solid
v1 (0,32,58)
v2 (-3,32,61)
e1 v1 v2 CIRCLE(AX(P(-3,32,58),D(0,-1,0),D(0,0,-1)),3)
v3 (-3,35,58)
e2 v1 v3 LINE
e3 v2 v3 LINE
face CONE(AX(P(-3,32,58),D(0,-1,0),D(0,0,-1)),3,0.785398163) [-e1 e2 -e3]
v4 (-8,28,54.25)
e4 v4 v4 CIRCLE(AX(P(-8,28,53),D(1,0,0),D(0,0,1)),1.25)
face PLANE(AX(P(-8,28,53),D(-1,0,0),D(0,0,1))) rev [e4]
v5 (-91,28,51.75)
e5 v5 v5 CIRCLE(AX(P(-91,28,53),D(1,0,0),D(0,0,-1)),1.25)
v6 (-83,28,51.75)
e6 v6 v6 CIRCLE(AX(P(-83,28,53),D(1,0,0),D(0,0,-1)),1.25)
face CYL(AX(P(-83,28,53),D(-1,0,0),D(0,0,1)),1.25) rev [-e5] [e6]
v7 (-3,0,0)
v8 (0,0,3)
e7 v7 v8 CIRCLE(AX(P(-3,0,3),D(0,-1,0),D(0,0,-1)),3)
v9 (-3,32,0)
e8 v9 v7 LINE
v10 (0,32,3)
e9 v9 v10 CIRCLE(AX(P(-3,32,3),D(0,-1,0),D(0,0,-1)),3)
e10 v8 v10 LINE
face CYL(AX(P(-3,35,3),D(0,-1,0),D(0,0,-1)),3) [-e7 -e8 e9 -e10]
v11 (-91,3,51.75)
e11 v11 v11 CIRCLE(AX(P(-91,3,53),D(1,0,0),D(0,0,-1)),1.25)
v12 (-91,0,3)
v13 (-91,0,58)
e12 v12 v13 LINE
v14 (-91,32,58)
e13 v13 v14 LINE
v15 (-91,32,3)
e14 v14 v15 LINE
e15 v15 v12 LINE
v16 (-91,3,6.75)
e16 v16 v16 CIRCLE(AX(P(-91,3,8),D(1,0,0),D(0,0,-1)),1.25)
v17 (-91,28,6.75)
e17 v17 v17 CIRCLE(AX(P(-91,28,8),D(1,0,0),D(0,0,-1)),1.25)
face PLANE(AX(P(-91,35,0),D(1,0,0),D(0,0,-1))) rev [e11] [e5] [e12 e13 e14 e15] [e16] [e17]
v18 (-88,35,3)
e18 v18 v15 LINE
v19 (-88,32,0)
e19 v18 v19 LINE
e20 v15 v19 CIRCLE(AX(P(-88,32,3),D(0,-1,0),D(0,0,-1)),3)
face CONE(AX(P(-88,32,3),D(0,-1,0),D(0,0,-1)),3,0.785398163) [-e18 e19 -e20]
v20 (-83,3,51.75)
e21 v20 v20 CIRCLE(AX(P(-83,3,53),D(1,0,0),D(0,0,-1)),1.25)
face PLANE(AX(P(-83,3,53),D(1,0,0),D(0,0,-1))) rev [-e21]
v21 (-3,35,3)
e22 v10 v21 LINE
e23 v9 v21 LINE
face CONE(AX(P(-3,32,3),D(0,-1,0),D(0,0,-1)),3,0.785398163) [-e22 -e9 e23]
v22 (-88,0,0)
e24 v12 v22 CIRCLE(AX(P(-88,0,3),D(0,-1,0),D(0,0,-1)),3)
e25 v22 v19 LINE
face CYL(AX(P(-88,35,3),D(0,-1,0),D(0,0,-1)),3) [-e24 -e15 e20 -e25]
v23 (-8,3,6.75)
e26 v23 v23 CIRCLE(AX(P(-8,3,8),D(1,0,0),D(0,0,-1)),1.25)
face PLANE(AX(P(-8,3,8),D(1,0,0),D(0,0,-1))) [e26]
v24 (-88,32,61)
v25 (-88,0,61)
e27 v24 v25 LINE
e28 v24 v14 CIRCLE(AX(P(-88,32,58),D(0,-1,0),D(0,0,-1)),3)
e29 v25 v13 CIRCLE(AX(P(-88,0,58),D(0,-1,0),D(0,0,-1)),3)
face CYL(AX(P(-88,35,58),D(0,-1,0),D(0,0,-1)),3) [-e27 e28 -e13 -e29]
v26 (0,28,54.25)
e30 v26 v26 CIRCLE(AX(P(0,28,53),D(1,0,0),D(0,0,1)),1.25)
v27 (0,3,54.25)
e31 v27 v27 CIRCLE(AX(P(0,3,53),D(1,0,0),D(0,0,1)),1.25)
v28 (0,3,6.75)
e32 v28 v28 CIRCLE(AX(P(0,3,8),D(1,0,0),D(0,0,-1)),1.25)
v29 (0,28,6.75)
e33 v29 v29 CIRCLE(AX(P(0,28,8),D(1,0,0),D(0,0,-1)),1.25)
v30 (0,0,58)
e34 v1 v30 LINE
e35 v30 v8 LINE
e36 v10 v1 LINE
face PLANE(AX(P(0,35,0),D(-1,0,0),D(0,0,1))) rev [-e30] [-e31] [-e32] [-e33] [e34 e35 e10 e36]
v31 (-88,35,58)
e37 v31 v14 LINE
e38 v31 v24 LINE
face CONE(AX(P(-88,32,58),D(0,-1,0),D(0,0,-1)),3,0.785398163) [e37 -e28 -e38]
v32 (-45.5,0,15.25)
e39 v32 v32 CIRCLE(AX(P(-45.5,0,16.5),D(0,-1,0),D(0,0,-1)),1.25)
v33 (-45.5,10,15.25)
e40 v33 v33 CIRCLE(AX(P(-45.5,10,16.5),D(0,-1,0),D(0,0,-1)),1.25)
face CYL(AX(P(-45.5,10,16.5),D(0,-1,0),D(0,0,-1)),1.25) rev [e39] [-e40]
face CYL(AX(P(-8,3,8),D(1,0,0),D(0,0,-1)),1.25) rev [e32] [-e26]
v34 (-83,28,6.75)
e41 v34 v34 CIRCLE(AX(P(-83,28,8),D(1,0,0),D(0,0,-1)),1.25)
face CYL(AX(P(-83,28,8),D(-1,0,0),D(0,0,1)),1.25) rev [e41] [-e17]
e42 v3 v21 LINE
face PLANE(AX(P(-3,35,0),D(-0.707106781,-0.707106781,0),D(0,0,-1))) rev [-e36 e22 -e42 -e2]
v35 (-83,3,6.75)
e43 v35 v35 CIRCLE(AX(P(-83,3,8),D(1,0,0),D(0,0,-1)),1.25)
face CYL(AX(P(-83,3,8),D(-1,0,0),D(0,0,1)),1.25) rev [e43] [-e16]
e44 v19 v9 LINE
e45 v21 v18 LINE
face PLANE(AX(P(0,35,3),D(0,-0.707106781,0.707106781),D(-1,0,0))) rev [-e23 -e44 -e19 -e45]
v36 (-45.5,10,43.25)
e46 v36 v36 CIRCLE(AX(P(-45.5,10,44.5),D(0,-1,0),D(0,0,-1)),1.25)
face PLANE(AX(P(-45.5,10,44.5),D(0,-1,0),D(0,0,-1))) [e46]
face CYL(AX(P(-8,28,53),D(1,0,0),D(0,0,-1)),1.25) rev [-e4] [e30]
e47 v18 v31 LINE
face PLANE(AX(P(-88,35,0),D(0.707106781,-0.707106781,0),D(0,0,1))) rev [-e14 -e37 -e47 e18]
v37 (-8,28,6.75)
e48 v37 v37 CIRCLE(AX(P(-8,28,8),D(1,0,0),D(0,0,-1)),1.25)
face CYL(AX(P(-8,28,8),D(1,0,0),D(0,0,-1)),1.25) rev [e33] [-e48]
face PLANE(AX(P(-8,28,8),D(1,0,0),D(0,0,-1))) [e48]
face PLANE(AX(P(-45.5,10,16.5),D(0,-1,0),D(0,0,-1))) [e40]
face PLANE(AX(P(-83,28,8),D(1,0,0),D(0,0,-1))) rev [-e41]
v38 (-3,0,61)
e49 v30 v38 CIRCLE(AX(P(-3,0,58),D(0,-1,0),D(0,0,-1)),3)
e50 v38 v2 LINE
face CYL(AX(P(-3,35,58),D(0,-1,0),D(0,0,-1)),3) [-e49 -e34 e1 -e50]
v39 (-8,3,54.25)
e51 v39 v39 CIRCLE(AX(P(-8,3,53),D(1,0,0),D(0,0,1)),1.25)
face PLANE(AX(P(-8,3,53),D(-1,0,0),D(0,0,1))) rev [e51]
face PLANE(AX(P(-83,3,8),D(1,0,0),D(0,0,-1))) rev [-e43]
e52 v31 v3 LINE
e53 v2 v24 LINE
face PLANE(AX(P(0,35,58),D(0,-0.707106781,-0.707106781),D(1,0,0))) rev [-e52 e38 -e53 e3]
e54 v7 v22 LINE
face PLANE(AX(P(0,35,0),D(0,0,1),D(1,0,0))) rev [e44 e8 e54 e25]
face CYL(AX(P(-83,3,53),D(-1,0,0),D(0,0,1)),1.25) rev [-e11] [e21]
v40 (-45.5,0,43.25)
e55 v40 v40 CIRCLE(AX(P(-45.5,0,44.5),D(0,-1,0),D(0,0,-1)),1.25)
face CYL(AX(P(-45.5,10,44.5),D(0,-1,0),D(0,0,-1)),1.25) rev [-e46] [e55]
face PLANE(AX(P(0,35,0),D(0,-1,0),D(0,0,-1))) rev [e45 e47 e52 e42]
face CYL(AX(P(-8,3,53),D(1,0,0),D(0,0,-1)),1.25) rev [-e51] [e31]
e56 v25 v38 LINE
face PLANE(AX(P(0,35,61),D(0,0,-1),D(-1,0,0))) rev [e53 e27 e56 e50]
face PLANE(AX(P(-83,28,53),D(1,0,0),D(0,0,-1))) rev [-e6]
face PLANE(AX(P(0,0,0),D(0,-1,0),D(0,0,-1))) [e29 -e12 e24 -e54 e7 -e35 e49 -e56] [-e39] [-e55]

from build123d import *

# Parameters (mm, degrees)
SKETCH1_W           = 91
SKETCH1_H           = 61
BOSS_EXTRUDE1_DEPTH = 35
SKETCH2_R           = 1.25
CUT_EXTRUDE1_DEPTH  = 8
CUT_EXTRUDE2_START  = -83
SKETCH2_2_R         = 1.25
CUT_EXTRUDE2_DEPTH  = 8
FILLET2_R           = 3
CHAMFER1_SIZE       = 3
SKETCH3_R           = 1.25
CUT_EXTRUDE3_DEPTH  = 10


with BuildPart() as part:
    # Sketch1 → Boss-Extrude1 (new body)
    with BuildSketch(Plane(origin=(0, 0, 0), x_dir=(1, 0, 0), z_dir=(0, 1, 0))):
        with Locations((-45.5, -30.5)):
            Rectangle(SKETCH1_W, SKETCH1_H)
    extrude(amount=BOSS_EXTRUDE1_DEPTH)

    # Sketch2 → Cut-Extrude1 (cut)
    with BuildSketch(Plane(origin=(0, 0, 0), x_dir=(0, 0, -1), z_dir=(1, 0, 0))):
        with Locations((-8, 28)):
            Circle(SKETCH2_R)
        with Locations((-8, 3)):
            Circle(SKETCH2_R)
        with Locations(Location((-53, 3, 0), (0, 0, 180))):
            Circle(SKETCH2_R)
        with Locations(Location((-53, 28, 0), (0, 0, 180))):
            Circle(SKETCH2_R)
    extrude(amount=-CUT_EXTRUDE1_DEPTH, mode=Mode.SUBTRACT)

    # Sketch2<2> → Cut-Extrude2 (cut)
    with BuildSketch(Plane(origin=(0, 0, 0), x_dir=(0, 0, -1), z_dir=(1, 0, 0)).offset(CUT_EXTRUDE2_START)):
        with Locations((-8, 28)):
            Circle(SKETCH2_2_R)
        with Locations((-8, 3)):
            Circle(SKETCH2_2_R)
        with Locations(Location((-53, 3, 0), (0, 0, 180))):
            Circle(SKETCH2_2_R)
        with Locations(Location((-53, 28, 0), (0, 0, 180))):
            Circle(SKETCH2_2_R)
    extrude(amount=-CUT_EXTRUDE2_DEPTH, mode=Mode.SUBTRACT)

    # Fillet2
    fillet2_edges = [part.edges().sort_by_distance(p)[0] for p in [
        (0, 17.5, 61),
        (-91, 17.5, 61),
        (-91, 17.5, 0),
        (0, 17.5, 0),
    ]]
    fillet(fillet2_edges, radius=FILLET2_R)

    # Chamfer1
    chamfer1_edges = [part.edges().sort_by_distance(p)[0] for p in [
        (-91, 35, 30.5),
        (-45.5, 35, 0),
        (0, 35, 30.5),
        (-45.5, 35, 61),
        (-90.121320344, 35, 60.121320344),
        (-0.878679656, 35, 60.121320344),
        (-0.878679656, 35, 0.878679656),
        (-90.121320344, 35, 0.878679656),
    ]]
    chamfer(chamfer1_edges, length=CHAMFER1_SIZE)

    # Sketch3 → Cut-Extrude3 (cut)
    with BuildSketch(Plane.XZ):
        with Locations(Location((-45.5, 44.5, 0), (0, 0, 270))):
            Circle(SKETCH3_R)
        with Locations(Location((-45.5, 16.5, 0), (0, 0, 270))):
            Circle(SKETCH3_R)
    extrude(amount=-CUT_EXTRUDE3_DEPTH, mode=Mode.SUBTRACT)


solid = part.part
